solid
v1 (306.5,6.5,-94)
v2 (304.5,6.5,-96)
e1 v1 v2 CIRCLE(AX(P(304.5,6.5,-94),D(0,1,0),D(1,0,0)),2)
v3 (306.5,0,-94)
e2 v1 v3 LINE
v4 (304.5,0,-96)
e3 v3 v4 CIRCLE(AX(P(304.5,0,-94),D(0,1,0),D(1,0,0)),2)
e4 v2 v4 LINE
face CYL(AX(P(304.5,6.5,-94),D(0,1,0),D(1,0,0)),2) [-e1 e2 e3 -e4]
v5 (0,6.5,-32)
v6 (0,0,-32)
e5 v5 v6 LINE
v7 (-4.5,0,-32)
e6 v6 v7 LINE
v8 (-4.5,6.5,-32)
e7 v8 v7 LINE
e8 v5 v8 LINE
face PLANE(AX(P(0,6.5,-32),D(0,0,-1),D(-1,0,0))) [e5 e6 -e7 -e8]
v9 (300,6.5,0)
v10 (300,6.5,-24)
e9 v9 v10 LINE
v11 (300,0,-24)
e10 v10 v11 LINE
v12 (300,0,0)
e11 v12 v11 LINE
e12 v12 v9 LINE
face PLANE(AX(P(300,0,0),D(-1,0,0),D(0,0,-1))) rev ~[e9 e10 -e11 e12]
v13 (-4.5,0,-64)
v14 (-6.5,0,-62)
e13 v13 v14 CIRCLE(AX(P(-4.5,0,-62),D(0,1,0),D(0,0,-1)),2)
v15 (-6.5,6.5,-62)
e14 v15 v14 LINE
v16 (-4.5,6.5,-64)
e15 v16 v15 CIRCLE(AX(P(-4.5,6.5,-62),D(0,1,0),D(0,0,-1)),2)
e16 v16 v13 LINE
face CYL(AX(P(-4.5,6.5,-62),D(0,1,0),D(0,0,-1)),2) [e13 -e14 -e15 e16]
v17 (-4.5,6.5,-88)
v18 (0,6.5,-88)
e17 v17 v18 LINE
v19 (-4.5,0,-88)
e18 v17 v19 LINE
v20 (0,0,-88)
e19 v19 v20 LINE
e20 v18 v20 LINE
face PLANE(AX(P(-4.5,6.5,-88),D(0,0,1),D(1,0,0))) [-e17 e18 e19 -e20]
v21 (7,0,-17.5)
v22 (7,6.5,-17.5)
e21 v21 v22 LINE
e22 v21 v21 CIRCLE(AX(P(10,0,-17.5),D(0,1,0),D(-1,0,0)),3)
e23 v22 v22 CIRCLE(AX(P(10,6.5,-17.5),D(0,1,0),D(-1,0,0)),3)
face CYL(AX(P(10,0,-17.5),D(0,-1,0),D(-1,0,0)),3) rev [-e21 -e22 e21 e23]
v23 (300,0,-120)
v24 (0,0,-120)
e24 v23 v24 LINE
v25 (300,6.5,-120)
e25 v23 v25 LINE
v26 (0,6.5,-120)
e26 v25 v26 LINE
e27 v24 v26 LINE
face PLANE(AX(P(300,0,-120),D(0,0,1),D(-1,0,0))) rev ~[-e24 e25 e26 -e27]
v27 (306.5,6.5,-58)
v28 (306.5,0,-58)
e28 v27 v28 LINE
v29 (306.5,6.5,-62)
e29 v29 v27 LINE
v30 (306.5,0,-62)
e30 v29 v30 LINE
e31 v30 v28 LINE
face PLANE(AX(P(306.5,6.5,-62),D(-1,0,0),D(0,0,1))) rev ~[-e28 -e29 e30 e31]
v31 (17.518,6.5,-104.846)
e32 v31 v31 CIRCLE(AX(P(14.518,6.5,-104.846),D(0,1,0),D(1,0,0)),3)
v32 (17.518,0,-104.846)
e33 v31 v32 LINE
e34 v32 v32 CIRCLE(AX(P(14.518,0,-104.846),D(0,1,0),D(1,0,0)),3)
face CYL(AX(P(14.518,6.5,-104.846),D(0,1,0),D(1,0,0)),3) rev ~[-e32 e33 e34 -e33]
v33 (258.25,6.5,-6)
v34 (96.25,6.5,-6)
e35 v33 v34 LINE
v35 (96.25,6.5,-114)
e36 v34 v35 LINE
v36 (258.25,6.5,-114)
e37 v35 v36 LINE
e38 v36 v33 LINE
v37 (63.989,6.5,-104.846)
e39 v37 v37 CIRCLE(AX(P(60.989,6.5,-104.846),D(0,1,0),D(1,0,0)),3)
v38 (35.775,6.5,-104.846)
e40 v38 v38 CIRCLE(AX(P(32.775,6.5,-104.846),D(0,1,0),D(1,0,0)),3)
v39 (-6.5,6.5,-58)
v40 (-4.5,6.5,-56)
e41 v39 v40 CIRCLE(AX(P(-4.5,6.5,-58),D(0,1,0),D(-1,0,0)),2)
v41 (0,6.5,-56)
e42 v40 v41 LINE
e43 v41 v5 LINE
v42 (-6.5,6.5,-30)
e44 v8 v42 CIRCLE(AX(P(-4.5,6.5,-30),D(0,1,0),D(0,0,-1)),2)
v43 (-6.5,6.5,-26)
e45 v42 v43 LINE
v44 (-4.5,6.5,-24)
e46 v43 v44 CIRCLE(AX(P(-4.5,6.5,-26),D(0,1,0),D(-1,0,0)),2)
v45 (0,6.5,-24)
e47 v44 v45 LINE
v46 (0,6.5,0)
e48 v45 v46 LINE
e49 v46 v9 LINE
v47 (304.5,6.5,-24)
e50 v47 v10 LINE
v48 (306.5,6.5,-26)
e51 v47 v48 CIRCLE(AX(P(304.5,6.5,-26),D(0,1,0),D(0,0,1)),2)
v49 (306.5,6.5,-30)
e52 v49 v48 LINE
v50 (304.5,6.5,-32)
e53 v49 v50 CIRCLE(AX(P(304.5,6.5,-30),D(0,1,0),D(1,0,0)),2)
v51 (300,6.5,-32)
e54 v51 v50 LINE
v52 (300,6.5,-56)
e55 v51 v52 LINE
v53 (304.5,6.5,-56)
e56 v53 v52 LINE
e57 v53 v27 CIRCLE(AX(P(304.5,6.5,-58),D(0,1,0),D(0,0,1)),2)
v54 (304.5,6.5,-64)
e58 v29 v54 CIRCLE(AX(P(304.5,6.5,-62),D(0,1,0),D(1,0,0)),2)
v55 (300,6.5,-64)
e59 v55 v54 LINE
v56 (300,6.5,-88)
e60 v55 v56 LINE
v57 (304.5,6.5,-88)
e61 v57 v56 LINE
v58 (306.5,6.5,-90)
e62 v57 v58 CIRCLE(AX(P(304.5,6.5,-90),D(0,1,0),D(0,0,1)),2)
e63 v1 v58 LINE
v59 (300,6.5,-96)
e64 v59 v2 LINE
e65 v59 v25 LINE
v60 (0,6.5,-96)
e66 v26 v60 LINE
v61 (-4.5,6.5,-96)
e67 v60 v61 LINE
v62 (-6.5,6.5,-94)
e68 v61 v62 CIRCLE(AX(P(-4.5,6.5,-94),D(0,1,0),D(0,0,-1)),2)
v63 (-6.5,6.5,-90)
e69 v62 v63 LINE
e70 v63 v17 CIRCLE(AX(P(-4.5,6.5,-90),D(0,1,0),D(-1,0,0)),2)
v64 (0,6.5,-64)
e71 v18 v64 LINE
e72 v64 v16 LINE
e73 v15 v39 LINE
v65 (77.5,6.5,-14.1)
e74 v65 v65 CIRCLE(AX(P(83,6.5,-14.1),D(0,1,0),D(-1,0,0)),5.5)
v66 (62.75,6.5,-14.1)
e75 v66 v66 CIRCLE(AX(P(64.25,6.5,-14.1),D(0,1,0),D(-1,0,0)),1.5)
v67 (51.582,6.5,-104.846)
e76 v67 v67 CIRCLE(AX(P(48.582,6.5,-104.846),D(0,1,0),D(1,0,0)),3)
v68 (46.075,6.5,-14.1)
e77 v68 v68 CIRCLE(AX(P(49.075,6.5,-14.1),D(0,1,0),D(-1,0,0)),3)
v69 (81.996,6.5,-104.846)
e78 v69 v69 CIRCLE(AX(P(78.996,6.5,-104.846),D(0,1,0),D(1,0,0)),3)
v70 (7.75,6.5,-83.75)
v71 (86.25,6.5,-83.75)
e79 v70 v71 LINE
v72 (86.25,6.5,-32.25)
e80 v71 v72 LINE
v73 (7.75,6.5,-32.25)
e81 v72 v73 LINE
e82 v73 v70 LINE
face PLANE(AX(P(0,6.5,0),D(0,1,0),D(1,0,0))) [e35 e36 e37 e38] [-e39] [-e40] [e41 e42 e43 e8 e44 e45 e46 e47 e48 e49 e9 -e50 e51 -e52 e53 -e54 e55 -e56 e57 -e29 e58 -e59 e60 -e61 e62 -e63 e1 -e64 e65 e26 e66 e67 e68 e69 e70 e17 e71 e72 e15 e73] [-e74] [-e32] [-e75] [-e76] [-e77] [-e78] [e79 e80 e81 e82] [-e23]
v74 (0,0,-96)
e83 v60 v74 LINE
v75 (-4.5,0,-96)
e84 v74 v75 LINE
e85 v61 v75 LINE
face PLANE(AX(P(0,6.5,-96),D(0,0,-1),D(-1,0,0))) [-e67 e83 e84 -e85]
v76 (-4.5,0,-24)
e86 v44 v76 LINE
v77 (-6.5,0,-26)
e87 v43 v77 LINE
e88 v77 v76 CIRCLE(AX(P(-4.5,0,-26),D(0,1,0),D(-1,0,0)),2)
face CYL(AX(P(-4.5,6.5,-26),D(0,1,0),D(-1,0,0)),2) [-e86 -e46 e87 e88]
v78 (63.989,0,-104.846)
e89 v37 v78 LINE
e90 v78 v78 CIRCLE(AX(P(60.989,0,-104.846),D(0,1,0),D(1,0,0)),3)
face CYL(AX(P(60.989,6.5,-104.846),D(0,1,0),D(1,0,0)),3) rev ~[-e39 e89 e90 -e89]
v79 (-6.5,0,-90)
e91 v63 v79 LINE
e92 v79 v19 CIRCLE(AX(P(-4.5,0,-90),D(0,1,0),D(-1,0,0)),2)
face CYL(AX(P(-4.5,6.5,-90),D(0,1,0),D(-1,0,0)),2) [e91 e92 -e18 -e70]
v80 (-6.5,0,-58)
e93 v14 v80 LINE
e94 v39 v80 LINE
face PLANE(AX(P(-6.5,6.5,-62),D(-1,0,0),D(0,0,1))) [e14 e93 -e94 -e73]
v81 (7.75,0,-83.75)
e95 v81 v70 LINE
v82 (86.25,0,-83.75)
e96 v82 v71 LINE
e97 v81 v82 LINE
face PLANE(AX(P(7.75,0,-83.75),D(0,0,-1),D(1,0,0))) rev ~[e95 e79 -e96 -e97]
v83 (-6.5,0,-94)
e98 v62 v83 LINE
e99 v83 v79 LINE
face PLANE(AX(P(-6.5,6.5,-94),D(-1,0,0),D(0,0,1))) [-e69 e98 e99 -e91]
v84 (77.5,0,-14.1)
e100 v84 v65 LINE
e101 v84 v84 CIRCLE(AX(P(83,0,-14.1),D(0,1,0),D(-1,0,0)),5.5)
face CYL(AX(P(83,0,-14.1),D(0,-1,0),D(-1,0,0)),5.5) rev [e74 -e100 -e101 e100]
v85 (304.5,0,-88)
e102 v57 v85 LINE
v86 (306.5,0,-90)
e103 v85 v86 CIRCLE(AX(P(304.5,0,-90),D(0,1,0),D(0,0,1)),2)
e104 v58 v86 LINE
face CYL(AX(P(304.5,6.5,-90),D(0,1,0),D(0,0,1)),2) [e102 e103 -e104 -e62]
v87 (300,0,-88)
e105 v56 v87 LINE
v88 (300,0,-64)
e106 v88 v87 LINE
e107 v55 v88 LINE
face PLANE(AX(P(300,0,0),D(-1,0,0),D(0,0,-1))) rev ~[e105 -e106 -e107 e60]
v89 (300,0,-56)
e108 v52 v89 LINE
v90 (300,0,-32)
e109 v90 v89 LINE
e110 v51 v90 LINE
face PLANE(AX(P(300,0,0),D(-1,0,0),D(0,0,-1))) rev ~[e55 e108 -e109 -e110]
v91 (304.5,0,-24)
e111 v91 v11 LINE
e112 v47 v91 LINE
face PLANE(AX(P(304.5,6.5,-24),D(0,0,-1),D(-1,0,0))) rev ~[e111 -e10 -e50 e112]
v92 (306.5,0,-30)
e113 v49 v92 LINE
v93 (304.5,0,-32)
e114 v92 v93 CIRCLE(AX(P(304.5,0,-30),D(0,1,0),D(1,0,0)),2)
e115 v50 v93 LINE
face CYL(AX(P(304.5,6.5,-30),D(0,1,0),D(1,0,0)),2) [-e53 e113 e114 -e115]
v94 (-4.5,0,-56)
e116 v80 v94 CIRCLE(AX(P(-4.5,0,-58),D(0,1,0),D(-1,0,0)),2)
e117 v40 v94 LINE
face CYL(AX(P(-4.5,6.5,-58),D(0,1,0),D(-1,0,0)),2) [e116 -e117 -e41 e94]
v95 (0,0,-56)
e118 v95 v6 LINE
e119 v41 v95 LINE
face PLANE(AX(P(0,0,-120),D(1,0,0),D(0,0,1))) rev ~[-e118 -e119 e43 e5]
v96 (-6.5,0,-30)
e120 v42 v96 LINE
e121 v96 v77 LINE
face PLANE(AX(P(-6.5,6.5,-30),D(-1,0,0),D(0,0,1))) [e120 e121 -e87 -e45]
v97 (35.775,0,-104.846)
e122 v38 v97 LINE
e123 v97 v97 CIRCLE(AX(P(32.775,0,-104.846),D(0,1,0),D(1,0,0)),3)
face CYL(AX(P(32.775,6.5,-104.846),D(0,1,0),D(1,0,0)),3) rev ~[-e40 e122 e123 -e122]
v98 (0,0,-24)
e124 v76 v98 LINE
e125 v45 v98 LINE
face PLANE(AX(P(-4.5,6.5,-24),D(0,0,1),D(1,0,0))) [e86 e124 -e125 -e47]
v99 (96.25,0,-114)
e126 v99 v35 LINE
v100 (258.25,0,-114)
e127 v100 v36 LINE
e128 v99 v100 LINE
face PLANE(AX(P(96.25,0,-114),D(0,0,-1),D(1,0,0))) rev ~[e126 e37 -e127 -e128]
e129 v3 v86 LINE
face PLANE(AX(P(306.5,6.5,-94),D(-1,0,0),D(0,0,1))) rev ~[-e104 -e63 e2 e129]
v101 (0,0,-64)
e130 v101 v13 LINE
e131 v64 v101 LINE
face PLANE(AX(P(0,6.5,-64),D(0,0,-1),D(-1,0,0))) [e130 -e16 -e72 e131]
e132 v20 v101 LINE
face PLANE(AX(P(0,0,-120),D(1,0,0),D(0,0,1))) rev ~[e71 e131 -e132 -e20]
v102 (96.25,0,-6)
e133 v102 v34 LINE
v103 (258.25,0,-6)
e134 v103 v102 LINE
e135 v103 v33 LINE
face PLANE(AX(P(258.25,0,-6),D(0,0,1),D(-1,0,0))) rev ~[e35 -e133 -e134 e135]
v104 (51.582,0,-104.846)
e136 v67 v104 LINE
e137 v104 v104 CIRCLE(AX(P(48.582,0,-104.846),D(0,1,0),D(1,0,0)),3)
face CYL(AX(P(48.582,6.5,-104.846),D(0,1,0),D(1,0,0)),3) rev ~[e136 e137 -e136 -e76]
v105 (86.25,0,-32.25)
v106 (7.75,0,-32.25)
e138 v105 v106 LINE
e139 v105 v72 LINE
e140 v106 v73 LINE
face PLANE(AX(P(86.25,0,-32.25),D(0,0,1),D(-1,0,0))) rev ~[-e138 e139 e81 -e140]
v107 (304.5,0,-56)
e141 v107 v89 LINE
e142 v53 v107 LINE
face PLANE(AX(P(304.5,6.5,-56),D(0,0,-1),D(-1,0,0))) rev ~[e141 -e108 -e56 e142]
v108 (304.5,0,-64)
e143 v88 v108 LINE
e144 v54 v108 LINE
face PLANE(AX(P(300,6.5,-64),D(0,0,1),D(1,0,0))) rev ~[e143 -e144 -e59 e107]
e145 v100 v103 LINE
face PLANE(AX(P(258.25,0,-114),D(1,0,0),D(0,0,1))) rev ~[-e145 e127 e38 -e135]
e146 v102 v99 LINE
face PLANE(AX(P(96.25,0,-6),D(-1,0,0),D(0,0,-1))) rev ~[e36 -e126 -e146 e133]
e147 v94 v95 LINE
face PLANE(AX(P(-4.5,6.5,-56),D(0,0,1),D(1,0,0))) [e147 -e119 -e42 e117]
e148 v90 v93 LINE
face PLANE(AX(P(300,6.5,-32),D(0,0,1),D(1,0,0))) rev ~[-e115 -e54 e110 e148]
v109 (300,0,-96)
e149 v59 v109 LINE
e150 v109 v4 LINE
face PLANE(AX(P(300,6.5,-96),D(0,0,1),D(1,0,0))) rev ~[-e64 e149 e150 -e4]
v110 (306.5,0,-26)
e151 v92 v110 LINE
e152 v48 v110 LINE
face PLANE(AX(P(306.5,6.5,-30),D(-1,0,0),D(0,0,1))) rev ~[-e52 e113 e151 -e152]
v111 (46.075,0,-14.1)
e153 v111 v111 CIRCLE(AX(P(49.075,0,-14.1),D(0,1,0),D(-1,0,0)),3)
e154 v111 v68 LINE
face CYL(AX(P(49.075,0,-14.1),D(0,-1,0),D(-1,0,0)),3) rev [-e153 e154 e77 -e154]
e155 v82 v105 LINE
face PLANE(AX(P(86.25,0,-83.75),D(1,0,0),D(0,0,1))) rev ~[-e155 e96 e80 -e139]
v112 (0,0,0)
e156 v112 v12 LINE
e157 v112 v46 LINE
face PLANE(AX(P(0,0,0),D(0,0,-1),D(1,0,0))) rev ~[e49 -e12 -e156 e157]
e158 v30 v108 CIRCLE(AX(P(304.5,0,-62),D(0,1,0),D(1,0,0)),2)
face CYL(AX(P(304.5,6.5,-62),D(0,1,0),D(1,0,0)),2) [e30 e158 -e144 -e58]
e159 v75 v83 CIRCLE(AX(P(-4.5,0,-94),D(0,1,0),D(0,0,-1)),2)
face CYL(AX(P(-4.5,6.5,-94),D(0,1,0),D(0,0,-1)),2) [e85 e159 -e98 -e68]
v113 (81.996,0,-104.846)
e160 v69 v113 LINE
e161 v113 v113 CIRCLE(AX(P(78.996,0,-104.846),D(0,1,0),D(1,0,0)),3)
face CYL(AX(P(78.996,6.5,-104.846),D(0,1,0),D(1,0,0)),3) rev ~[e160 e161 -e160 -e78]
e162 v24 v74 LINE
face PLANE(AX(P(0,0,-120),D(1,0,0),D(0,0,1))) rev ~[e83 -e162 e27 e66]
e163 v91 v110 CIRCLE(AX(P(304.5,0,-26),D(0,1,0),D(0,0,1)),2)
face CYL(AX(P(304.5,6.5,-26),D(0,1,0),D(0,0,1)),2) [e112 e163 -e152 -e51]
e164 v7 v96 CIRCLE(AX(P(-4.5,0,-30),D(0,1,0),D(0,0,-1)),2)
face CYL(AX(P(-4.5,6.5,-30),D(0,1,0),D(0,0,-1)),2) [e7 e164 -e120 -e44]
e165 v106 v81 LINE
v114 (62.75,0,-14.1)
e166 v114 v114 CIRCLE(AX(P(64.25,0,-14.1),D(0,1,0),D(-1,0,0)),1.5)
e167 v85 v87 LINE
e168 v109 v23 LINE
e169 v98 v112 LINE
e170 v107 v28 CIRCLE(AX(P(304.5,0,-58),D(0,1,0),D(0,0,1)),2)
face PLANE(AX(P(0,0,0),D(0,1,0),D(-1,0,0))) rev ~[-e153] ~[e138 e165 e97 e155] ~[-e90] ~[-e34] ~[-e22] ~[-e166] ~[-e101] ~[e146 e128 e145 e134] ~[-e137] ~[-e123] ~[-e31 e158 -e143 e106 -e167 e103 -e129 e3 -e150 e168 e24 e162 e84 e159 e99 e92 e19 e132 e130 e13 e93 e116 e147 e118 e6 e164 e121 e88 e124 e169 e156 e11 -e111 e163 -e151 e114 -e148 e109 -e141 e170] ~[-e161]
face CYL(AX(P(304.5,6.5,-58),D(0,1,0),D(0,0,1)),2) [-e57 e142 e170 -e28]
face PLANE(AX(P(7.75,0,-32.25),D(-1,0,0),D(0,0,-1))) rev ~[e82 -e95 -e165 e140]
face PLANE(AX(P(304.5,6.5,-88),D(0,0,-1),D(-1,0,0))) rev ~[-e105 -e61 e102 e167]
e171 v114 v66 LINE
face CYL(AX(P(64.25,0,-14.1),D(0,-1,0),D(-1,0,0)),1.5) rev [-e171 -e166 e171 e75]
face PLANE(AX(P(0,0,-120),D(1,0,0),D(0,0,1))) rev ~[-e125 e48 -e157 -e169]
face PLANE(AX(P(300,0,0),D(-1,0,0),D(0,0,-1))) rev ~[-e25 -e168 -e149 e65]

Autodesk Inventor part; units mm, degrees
ref_plane "YZ Plane" through (0, 0, 0) normal (1, 0, 0) x (0, 1, 0)
ref_plane "XZ Plane" through (0, 0, 0) normal (0, 1, 0) x (-1, 0, 0)
ref_plane "XY Plane" through (0, 0, 0) normal (0, 0, 1) x (1, 0, 0)
sketch "Sketch1" plane through (0, 0, 0) normal (0, 1, 0) x (-1, 0, 0)
  line L0 (0, 0) -> (-300, 0)
  line L1 (-300, 0) -> (-300, -120)
  line L2 (-300, -120) -> (0, -120)
  line L3 (0, -120) -> (0, 0)
  line L4 (-96.25, -114) -> (-258.25, -114)
  line L5 (-258.25, -114) -> (-258.25, -6)
  line L6 (-258.25, -6) -> (-96.25, -6)
  line L7 (-96.25, -6) -> (-96.25, -114)
  circle A0 centre (-10, -17.5) radius 3
  circle A1 centre (-49.075, -14.1) radius 3
  circle A2 centre (-64.25, -14.1) radius 1.5
  circle A3 centre (-83, -14.1) radius 5.5
  circle A4 centre (-64.25, -14.1) radius 5.85 construction
  line L8 (-46.075, -17.1) -> (-52.075, -17.1) construction
  line L9 (-52.075, -17.1) -> (-52.075, -11.1) construction
  line L10 (-52.075, -11.1) -> (-46.075, -11.1) construction
  line L11 (-46.075, -11.1) -> (-46.075, -17.1) construction
  line L12 (-76.25, -20.1) -> (-89.75, -20.1) construction
  line L13 (-89.75, -20.1) -> (-89.75, -8.1) construction
  line L14 (-89.75, -8.1) -> (-76.25, -8.1) construction
  line L15 (-76.25, -8.1) -> (-76.25, -20.1) construction
  line L16 (-7.75, -83.75) -> (-86.25, -83.75)
  line L17 (-86.25, -83.75) -> (-86.25, -32.25)
  line L18 (-86.25, -32.25) -> (-7.75, -32.25)
  line L19 (-7.75, -32.25) -> (-7.75, -83.75)
  line L20 (-8, -83.5) -> (-86, -83.5) construction
  line L21 (-86, -83.5) -> (-86, -32.5) construction
  line L22 (-86, -32.5) -> (-8, -32.5) construction
  line L23 (-8, -32.5) -> (-8, -83.5) construction
  line L24 (-0.5, -93) -> (-93.5, -93) construction
  line L25 (-93.5, -93) -> (-93.5, -6) construction
  line L26 (-93.5, -6) -> (-0.5, -6) construction
  line L27 (-0.5, -6) -> (-0.5, -93) construction
  point P0 (-49.075, -17.1)
  point P1 (-52.075, -14.1)
  point P2 (-83, -20.1)
  point P3 (-89.75, -14.1)
  point P4 (-47, -83.5)
  point P5 (-47, -83.75)
  point P6 (-86, -58)
  point P7 (-86.25, -58)
  dimension "d0" = 300
  dimension "d1" = 6
  dimension "d4" = 3
  dimension "d5" = 11
  dimension "d6" = 6
  dimension "d7" = 18.75
  dimension "d8" = 15.175
  dimension "d9" = 11.7
  dimension "d10" = 6
  dimension "d11" = 13.5
  dimension "d12" = 12
  dimension "d15" = 162
  dimension "d16" = 108
  dimension "d18" = 6
  dimension "d19" = 6
  dimension "d20" = 78.5
  dimension "d21" = 51.5
  dimension "d22" = 78
  dimension "d23" = 51
  dimension "d24" = 18.4
  dimension "d25" = 7.5
  dimension "d27" = 87
  dimension "d28" = 9.5
  dimension "d29" = 10
  dimension "d30" = 0.5
  dimension "d33" = 6
  dimension "d34" = 15
  dimension "d35" = 9.5
  dimension "d36" = 10.5
  dimension "d37" = 93
extrude "Extrusion1" add sketch "Sketch1" along normal blind 6.5
sketch "Sketch2" plane through (0, 6.5, 0) normal (0, 1, 0) x (1, 0, 0)
  line L0 (7.75, 83.75) -> (86.25, 83.75) projected
  circle A0 centre (14.518, 104.846) radius 3
  circle A1 centre (32.775, 104.846) radius 3
  circle A2 centre (60.989, 104.846) radius 3
  circle A3 centre (78.996, 104.846) radius 3
  circle A4 centre (48.582, 104.846) radius 3
  circle A5 centre (80.796, 97.346) radius 1.5
  line L1 (9, 109.85) -> (85, 109.85) construction
  line L2 (85, 109.85) -> (85, 93.75) construction
  line L3 (85, 93.75) -> (9, 93.75) construction
  line L4 (9, 93.75) -> (9, 109.85) construction
  point P0 (47, 83.75)
  point P1 (47, 93.75)
  dimension "d38" = 6
  dimension "d39" = 18.257
  dimension "d40" = 15.807
  dimension "d41" = 12.407
  dimension "d42" = 18.007
  dimension "d43" = 3
  dimension "d44" = 1.8
  dimension "d45" = 7.5
  dimension "d46" = 76
  dimension "d47" = 16.1
  dimension "d48" = 5.004
  dimension "d49" = 5.518
  dimension "d50" = 10
extrude "Extrusion2" cut sketch "Sketch2" against normal through all
sketch "Sketch3" plane through (0, 6.5, 0) normal (0, 1, 0) x (1, 0, 0)
  line L0 (0, 0) -> (300, 0) projected
  line L1 (300, 120) -> (0, 120) projected
  line L2 (0, 120) -> (0, 0) projected
  line L3 (0, 96) -> (-4.5, 96)
  line L4 (-6.5, 94) -> (-6.5, 90)
  line L5 (-4.5, 88) -> (0, 88)
  line L6 (0, 88) -> (0, 96)
  line L7 (0, 64) -> (-4.5, 64)
  line L8 (-6.5, 62) -> (-6.5, 58)
  line L9 (-4.5, 56) -> (0, 56)
  line L10 (0, 56) -> (0, 64)
  line L11 (0, 32) -> (-4.5, 32)
  line L12 (-6.5, 30) -> (-6.5, 26)
  line L13 (-4.5, 24) -> (0, 24)
  line L14 (0, 24) -> (0, 32)
  line L15 (150, 120) -> (150, 0) construction
  arc A0 (-4.5, 96) -> (-6.5, 94) centre (-4.5, 94) ccw
  arc A1 (-6.5, 90) -> (-4.5, 88) centre (-4.5, 90) ccw
  arc A2 (-4.5, 64) -> (-6.5, 62) centre (-4.5, 62) ccw
  arc A3 (-6.5, 58) -> (-4.5, 56) centre (-4.5, 58) ccw
  arc A4 (-4.5, 32) -> (-6.5, 30) centre (-4.5, 30) ccw
  arc A5 (-6.5, 26) -> (-4.5, 24) centre (-4.5, 26) ccw
  line L16 (-2.25, 96) -> (-2.25, 120) construction
  line L17 (-2.25, 88) -> (-2.25, 64) construction
  line L18 (-2.25, 56) -> (-2.25, 32) construction
  line L19 (-2.25, 24) -> (-2.25, 0) construction
  line L20 (300, 96) -> (304.5, 96)
  line L21 (306.5, 94) -> (306.5, 90)
  line L22 (304.5, 88) -> (300, 88)
  line L23 (300, 88) -> (300, 96)
  line L24 (300, 64) -> (304.5, 64)
  line L25 (306.5, 62) -> (306.5, 58)
  line L26 (304.5, 56) -> (300, 56)
  line L27 (300, 56) -> (300, 64)
  line L28 (300, 32) -> (304.5, 32)
  line L29 (306.5, 30) -> (306.5, 26)
  line L30 (304.5, 24) -> (300, 24)
  line L31 (300, 24) -> (300, 32)
  arc A6 (306.5, 94) -> (304.5, 96) centre (304.5, 94) ccw
  arc A7 (304.5, 88) -> (306.5, 90) centre (304.5, 90) ccw
  arc A8 (306.5, 62) -> (304.5, 64) centre (304.5, 62) ccw
  arc A9 (304.5, 56) -> (306.5, 58) centre (304.5, 58) ccw
  arc A10 (306.5, 30) -> (304.5, 32) centre (304.5, 30) ccw
  arc A11 (304.5, 24) -> (306.5, 26) centre (304.5, 26) ccw
  point P0 (302.25, 96)
  point P1 (302.25, 88)
  point P2 (302.25, 64)
  point P3 (302.25, 56)
  point P4 (302.25, 32)
  point P5 (302.25, 24)
  dimension "d53" = 2
  dimension "d54" = 8
  dimension "d55" = 8
  dimension "d56" = 8
  dimension "d57" = 6.5
extrude "Extrusion3" add sketch "Sketch3" against normal blind 6.5
sketch "Sketch4" plane through (0, 6.5, 0) normal (0, 1, 0) x (1, 0, 0)
  circle A0 centre (80.796, 97.346) radius 1.5 projected
extrude "Extrusion4" add sketch "Sketch4" against normal blind 6.5
properties part number "main_lcd_front_2" material "Plywood, Finish"
